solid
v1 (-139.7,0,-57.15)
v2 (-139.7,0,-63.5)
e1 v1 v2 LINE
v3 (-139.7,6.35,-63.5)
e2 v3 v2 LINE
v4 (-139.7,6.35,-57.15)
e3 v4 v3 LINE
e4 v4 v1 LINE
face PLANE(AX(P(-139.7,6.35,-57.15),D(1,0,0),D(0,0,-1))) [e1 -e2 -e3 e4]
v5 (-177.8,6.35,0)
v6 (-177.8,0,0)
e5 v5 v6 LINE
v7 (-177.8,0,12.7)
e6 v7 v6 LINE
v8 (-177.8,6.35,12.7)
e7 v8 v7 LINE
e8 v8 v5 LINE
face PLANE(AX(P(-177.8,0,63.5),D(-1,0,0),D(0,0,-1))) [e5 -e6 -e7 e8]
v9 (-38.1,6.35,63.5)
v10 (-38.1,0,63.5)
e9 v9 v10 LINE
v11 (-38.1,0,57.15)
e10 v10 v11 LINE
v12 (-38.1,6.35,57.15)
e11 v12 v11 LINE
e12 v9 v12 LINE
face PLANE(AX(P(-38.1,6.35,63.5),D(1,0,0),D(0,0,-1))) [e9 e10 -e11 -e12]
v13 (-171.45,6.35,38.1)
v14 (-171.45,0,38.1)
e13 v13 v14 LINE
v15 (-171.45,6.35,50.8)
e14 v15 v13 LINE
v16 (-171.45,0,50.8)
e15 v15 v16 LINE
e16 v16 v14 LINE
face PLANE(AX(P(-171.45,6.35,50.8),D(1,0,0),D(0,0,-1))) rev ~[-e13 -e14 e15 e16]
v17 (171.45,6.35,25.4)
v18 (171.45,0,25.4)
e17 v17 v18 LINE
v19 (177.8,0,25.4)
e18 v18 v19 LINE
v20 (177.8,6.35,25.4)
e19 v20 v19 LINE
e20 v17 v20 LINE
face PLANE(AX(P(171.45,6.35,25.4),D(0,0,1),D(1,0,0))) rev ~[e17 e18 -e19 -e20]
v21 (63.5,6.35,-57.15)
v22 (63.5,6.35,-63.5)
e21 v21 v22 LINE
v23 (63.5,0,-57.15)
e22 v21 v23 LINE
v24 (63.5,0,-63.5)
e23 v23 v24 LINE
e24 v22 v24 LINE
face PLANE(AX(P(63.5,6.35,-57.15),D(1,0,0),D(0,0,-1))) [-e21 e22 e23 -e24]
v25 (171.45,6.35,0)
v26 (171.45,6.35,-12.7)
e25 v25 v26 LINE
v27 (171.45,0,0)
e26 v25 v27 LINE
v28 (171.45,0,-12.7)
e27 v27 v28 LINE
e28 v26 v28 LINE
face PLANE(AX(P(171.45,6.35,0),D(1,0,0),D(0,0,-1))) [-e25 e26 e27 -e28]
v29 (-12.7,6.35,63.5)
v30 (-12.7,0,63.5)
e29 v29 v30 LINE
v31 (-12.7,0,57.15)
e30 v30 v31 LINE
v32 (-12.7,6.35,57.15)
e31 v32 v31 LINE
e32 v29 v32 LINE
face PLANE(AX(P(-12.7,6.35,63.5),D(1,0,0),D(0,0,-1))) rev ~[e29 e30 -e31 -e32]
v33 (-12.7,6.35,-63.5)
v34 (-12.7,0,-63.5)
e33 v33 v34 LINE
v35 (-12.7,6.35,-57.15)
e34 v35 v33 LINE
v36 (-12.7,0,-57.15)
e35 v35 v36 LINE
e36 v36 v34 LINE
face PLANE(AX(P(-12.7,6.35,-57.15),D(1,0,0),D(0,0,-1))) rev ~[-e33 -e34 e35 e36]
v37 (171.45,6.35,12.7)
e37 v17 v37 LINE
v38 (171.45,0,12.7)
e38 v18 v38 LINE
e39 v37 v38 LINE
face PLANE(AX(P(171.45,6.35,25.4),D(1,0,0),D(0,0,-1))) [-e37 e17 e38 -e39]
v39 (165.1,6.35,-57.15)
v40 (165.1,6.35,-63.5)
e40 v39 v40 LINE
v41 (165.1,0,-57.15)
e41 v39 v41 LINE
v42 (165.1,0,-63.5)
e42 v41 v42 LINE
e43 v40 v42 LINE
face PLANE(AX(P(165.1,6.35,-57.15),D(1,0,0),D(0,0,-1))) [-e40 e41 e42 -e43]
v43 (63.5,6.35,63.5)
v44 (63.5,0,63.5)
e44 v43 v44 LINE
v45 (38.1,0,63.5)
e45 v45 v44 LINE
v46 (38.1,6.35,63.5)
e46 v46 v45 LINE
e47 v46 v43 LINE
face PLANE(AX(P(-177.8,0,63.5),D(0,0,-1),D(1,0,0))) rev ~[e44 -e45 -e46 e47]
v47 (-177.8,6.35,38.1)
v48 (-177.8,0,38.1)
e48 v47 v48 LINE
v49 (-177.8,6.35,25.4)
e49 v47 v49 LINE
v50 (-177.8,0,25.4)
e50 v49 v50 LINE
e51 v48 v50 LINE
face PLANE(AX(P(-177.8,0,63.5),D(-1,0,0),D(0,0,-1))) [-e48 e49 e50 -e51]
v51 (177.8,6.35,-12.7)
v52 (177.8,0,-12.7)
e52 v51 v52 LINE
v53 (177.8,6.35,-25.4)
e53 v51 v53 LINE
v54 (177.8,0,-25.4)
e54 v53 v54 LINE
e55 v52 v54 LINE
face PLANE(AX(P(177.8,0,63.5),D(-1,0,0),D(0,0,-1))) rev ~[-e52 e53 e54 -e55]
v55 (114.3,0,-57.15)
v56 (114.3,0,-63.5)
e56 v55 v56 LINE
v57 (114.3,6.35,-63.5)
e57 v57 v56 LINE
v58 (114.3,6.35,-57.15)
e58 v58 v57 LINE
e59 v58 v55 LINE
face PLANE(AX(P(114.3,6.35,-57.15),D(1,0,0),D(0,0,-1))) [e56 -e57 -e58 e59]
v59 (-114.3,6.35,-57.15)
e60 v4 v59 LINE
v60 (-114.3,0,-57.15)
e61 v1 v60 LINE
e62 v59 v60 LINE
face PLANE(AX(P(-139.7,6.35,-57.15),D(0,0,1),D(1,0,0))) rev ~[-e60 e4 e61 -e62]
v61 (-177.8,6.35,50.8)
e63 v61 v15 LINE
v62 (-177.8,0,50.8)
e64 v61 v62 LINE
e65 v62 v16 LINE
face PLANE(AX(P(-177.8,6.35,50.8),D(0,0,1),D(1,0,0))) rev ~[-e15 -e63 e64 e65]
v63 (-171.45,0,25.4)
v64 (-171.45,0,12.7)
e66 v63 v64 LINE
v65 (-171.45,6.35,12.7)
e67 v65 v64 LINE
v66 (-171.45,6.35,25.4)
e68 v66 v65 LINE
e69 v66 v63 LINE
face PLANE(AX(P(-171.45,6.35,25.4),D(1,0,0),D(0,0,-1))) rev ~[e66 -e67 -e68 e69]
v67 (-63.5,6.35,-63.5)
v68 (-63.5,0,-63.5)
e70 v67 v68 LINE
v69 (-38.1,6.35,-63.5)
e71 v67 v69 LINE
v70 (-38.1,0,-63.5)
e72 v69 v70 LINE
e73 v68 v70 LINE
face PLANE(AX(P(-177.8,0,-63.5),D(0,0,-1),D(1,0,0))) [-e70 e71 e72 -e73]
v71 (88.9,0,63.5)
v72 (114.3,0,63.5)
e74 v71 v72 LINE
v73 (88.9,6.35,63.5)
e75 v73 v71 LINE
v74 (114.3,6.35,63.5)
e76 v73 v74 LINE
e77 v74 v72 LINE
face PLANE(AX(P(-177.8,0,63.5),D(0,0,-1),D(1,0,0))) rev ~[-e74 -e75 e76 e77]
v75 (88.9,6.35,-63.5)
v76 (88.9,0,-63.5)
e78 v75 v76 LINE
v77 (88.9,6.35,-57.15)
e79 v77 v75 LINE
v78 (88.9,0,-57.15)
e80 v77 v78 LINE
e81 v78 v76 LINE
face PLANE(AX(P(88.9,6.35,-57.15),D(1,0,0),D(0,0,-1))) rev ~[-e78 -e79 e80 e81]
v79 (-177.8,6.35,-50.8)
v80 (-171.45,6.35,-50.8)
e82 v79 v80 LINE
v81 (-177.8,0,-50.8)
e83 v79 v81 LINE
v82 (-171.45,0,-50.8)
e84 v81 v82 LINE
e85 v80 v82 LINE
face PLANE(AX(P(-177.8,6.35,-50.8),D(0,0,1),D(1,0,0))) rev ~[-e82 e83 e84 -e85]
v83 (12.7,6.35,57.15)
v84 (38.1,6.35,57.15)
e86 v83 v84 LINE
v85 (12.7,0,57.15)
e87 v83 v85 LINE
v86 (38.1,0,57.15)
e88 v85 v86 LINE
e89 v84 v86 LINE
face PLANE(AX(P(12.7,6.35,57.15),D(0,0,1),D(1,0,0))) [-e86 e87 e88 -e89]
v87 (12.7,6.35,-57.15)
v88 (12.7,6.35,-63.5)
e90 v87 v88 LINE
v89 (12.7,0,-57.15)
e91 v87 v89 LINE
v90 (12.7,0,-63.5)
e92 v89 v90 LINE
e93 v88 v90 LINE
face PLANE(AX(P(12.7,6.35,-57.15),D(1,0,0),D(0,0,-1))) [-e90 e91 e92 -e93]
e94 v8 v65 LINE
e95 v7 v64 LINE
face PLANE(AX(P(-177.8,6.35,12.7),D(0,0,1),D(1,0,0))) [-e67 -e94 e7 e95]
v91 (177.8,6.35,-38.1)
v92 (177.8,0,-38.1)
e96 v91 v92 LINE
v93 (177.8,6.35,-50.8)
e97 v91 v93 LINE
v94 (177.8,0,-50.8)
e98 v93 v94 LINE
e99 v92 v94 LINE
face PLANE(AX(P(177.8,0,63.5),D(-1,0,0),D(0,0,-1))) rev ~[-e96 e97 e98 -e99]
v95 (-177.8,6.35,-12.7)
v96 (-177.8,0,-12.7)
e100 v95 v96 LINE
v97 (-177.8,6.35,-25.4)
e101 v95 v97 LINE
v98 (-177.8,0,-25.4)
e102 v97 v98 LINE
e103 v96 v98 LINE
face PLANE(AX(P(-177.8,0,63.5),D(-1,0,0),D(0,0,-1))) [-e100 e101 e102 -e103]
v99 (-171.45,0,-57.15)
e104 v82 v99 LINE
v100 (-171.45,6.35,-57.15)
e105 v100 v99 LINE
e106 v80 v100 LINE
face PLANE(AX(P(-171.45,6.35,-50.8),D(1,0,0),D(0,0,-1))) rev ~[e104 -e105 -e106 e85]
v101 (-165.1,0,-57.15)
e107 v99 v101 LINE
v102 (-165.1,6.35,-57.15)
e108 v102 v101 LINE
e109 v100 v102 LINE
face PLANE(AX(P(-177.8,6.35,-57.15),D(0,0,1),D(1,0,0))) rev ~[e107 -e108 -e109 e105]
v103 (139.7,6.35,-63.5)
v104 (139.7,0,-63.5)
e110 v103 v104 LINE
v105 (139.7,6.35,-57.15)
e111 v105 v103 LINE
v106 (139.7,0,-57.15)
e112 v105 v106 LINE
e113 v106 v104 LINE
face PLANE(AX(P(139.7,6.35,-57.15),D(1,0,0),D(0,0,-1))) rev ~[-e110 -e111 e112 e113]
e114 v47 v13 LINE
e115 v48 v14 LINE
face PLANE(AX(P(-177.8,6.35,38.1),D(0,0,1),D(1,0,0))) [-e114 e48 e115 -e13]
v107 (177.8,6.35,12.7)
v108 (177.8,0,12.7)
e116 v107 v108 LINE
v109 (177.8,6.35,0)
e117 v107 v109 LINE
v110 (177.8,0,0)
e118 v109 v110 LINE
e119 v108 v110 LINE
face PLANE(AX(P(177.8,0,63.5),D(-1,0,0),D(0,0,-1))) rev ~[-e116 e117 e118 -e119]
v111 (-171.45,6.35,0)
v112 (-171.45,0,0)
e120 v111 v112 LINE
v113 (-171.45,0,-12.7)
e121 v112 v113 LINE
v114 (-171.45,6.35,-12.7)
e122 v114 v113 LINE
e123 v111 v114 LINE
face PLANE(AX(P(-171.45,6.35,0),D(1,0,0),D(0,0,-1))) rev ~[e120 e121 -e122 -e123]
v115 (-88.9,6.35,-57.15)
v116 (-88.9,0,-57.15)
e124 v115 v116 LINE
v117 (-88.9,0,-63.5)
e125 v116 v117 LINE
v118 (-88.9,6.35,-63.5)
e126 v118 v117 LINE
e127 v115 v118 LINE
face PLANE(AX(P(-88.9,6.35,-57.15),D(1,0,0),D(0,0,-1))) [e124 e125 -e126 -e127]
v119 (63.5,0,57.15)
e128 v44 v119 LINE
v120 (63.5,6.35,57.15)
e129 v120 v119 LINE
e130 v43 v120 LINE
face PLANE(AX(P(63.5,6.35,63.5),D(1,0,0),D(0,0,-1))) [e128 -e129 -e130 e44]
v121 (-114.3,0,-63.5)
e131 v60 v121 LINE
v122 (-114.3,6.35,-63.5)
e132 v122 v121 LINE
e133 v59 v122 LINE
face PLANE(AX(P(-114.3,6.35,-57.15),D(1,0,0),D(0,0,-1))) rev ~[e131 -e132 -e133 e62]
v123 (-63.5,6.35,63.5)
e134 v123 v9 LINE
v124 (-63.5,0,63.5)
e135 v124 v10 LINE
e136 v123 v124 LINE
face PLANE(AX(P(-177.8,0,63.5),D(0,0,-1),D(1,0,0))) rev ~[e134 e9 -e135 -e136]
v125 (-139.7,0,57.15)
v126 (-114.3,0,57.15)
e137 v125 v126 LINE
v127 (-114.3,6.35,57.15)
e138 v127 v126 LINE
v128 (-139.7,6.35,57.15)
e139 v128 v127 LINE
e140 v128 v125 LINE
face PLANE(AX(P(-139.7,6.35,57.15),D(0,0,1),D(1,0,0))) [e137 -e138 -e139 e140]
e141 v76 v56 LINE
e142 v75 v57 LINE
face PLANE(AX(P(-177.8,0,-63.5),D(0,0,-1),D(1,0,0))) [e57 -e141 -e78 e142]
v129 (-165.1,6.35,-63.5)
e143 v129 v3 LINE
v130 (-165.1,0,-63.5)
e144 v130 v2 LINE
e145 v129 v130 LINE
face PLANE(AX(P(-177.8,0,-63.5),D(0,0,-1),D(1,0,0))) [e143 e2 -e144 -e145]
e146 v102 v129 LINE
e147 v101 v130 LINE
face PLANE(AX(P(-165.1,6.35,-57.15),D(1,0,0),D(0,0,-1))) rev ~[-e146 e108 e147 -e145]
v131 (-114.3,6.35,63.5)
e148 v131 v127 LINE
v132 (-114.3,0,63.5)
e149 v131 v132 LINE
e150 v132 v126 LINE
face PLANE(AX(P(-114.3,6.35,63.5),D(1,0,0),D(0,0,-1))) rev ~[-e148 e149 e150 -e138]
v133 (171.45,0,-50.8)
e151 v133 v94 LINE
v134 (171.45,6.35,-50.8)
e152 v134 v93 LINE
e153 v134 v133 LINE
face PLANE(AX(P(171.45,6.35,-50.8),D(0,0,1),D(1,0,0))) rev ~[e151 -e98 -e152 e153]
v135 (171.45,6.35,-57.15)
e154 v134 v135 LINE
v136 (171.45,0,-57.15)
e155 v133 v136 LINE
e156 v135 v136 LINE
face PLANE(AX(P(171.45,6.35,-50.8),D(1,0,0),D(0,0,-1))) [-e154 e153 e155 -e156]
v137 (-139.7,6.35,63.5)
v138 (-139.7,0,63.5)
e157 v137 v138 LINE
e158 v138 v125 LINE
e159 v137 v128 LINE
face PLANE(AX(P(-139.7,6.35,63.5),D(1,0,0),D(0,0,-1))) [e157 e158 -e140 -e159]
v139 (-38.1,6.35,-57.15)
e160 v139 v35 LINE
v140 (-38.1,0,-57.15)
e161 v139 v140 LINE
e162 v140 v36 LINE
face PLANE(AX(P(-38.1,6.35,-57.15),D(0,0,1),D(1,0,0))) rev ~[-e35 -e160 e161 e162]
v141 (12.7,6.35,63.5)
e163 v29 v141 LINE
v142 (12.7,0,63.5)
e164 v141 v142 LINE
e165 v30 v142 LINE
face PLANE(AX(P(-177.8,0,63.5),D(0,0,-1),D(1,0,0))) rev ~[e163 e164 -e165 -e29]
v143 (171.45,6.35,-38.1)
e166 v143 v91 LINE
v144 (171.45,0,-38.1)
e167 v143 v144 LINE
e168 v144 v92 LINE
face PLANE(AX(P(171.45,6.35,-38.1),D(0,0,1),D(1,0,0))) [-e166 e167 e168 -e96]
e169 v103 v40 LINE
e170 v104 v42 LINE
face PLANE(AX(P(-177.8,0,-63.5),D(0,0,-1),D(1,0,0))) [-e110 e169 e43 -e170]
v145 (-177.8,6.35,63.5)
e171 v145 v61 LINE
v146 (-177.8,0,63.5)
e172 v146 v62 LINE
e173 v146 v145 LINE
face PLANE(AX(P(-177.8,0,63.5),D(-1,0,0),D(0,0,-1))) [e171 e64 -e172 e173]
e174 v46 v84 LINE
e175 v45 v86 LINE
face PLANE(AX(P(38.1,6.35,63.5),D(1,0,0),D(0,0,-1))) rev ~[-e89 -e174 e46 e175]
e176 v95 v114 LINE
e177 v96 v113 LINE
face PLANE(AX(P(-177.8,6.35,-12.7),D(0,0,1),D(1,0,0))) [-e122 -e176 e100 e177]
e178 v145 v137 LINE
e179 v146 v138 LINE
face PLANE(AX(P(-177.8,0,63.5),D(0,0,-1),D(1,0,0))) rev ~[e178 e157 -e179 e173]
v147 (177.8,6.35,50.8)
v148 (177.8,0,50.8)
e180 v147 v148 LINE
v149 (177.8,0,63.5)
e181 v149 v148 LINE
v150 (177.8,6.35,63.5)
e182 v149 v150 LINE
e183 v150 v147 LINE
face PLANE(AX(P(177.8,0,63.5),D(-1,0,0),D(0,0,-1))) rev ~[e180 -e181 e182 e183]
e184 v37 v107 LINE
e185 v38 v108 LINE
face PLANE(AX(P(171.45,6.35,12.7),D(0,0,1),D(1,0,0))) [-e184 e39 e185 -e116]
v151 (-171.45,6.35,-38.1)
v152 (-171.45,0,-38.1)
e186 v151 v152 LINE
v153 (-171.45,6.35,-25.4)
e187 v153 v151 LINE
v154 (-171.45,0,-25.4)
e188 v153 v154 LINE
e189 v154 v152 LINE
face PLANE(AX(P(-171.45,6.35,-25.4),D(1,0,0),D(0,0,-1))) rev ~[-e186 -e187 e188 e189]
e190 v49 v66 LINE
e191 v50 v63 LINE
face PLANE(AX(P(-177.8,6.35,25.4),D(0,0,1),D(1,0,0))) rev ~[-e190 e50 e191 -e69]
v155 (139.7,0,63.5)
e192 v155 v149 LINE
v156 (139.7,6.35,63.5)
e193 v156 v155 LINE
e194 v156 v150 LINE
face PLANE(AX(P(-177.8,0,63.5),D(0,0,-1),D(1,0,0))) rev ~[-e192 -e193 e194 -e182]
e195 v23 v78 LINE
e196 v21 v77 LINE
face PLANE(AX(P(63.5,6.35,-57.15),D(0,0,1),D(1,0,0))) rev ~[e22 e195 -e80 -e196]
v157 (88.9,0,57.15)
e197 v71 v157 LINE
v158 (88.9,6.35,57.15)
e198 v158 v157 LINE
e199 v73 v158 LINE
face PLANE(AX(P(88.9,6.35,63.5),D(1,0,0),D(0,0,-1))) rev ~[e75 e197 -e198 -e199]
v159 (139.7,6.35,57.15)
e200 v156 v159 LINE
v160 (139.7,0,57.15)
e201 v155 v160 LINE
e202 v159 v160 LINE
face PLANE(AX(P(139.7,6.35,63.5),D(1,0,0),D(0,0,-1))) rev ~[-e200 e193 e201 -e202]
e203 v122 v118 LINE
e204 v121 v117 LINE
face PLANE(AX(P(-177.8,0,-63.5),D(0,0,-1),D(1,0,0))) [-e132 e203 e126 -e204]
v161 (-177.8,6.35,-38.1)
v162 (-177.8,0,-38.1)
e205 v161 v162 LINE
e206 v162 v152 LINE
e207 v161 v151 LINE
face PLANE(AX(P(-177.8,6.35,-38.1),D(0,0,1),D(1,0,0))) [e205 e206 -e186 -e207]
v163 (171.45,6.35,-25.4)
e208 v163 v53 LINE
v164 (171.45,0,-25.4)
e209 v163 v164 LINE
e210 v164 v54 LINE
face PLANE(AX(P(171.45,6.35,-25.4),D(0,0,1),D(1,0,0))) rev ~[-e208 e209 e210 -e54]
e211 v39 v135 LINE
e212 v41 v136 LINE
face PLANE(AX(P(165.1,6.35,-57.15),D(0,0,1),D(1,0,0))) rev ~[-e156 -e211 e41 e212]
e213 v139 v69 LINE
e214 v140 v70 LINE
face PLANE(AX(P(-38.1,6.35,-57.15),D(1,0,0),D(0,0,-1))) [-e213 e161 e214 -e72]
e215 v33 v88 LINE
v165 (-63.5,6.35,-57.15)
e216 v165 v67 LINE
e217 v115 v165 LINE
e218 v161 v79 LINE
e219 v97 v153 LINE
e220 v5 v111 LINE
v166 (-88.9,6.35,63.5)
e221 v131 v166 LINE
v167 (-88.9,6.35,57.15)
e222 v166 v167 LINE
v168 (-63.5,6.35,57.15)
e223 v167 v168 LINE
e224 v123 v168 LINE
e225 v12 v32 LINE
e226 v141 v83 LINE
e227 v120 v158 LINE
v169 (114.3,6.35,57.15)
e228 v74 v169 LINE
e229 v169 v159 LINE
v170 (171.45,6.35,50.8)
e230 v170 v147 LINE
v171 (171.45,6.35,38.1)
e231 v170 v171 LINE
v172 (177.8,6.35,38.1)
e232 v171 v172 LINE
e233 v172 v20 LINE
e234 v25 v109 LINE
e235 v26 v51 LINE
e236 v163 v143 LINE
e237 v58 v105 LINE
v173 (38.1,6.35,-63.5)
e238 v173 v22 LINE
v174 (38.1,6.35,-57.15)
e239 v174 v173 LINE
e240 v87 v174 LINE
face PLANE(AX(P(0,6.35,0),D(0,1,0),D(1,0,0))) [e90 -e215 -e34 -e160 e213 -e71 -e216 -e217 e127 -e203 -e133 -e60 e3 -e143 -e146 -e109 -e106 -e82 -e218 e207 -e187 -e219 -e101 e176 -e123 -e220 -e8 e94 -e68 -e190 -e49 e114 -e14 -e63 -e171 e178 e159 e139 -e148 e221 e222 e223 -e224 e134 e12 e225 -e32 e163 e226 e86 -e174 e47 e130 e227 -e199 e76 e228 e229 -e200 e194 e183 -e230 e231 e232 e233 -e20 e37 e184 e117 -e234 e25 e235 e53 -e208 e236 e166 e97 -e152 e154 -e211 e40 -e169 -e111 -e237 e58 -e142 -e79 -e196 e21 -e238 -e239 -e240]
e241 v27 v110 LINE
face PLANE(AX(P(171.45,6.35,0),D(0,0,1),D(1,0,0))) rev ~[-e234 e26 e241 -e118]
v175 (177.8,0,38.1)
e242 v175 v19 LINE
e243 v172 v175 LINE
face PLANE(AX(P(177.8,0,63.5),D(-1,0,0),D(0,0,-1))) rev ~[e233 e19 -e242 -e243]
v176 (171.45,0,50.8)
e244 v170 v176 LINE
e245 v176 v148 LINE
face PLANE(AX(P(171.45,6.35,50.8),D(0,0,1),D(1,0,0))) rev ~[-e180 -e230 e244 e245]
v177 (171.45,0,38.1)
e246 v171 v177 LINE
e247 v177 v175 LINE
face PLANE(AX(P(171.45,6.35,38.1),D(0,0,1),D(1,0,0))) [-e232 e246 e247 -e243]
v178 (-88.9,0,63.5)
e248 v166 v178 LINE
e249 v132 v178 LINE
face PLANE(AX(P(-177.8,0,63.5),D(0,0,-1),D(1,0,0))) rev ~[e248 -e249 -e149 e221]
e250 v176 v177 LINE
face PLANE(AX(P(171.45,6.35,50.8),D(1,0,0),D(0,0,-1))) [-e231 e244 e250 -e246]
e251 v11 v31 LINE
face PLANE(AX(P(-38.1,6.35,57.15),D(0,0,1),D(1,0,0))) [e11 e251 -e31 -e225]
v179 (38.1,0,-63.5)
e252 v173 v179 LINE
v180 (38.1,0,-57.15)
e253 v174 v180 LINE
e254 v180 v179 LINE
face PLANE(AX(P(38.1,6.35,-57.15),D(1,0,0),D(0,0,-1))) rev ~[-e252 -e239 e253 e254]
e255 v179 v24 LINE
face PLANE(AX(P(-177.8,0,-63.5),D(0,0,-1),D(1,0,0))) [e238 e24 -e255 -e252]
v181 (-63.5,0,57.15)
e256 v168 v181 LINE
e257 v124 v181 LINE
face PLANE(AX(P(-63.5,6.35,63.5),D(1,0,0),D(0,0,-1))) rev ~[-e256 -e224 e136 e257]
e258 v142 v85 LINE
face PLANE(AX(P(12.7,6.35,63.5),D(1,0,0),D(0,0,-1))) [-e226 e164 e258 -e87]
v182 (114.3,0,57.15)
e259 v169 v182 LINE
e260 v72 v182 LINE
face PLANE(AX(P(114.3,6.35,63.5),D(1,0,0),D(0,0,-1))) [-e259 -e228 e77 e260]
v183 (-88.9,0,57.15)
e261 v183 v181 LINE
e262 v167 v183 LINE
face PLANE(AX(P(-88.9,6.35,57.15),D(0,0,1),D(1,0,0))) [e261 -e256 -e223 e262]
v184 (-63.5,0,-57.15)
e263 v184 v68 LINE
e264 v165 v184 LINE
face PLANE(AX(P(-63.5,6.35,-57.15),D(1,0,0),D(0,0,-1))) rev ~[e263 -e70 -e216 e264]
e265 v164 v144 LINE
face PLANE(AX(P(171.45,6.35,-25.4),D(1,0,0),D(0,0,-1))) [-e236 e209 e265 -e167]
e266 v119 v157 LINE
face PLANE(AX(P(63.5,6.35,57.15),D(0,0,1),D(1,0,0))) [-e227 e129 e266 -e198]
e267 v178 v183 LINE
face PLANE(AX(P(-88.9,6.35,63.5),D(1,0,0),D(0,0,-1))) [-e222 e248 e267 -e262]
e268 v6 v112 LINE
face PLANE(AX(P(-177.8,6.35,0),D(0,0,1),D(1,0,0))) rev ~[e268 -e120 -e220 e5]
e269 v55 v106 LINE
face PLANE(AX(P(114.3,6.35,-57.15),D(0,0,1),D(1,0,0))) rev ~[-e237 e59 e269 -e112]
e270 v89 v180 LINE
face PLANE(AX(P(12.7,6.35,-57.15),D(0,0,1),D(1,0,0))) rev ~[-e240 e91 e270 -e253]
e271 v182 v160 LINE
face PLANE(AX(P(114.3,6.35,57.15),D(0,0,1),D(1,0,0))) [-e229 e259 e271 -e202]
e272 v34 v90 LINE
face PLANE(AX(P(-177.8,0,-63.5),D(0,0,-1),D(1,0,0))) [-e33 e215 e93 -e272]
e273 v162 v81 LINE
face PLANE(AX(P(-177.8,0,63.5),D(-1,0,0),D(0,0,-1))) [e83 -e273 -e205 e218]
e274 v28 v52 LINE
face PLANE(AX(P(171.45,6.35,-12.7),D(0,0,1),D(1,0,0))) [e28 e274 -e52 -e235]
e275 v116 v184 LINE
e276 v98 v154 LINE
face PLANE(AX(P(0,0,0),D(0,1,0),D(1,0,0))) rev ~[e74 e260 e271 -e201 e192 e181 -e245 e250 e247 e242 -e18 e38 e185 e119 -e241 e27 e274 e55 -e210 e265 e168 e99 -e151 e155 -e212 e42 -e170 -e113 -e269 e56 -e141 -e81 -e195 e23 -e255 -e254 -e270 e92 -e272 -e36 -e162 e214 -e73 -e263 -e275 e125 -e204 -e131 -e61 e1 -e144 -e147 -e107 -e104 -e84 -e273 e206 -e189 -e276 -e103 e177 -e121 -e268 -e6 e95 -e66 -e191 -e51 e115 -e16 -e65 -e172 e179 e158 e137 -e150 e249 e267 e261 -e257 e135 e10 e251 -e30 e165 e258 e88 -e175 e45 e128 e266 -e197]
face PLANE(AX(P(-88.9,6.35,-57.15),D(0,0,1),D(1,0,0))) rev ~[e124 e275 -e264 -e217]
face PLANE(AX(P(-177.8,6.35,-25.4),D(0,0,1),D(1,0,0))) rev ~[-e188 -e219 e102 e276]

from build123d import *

# Parameters (mm, degrees)
ESQUISSE1_W                     = 355.6
ESQUISSE1_H                     = 127
BOSS_EXTRU_1_DEPTH              = 6.35
ESQUISSE3_W                     = 25.4
ESQUISSE3_H                     = 6.35
ENL_V_MAT_EXTRU_2_DEPTH         = 6.35
ESQUISSE4_W                     = 6.35
ESQUISSE4_H                     = 12.7
ENL_V_MAT_EXTRU_3_DEPTH         = 25.4
R_P_TITION_LIN_AIRE1_COUNT      = 6
R_P_TITION_LIN_AIRE1_PITCH      = 50.8
R_P_TITION_LIN_AIRE1_COUNT_DIR2 = 2
R_P_TITION_LIN_AIRE1_PITCH_DIR2 = 120.65
R_P_TITION_LIN_AIRE3_COUNT      = 5
R_P_TITION_LIN_AIRE3_PITCH      = 25.4
R_P_TITION_LIN_AIRE3_COUNT_DIR2 = 2
R_P_TITION_LIN_AIRE3_PITCH_DIR2 = 349.25
ESQUISSE5_W                     = 12.7
ESQUISSE5_H                     = 6.35
ENL_V_MAT_EXTRU_4_DEPTH         = 6.35


with BuildPart() as part:
    # Esquisse1 → Boss.-Extru.1 (new body)
    with BuildSketch(Plane(origin=(0, 0, 0), x_dir=(1, 0, 0), z_dir=(0, 1, 0))):
        Rectangle(ESQUISSE1_W, ESQUISSE1_H)
    extrude(amount=BOSS_EXTRU_1_DEPTH)

    # Esquisse3 → Enlèv. mat.-Extru.2 (cut)
    with BuildSketch(Plane(origin=(0, 6.35, 0), x_dir=(1, 0, 0), z_dir=(0, 1, 0))):
        with Locations((-127, 60.325)):
            Rectangle(ESQUISSE3_W, ESQUISSE3_H)
    enl_v_mat_extru_2 = extrude(amount=-ENL_V_MAT_EXTRU_2_DEPTH, mode=Mode.SUBTRACT)

    # Esquisse4 → Enlèv. mat.-Extru.3 (cut)
    with BuildSketch(Plane(origin=(0, 6.35, 0), x_dir=(1, 0, 0), z_dir=(0, 1, 0))):
        with Locations((-174.625, 57.15)):
            Rectangle(ESQUISSE4_W, ESQUISSE4_H)
    enl_v_mat_extru_3 = extrude(amount=-ENL_V_MAT_EXTRU_3_DEPTH, mode=Mode.SUBTRACT)

    # Répétition linéaire1: Enl_v. mat.-Extru.2 6 × 2
    with Locations(*[(i * R_P_TITION_LIN_AIRE1_PITCH, 0, j * R_P_TITION_LIN_AIRE1_PITCH_DIR2) for i in range(R_P_TITION_LIN_AIRE1_COUNT) for j in range(R_P_TITION_LIN_AIRE1_COUNT_DIR2) if (i, j) != (0, 0)]):
        add(enl_v_mat_extru_2, mode=Mode.SUBTRACT)

    # Répétition linéaire3: Enl_v. mat.-Extru.3 5 × 2
    with Locations(*[(j * R_P_TITION_LIN_AIRE3_PITCH_DIR2, 0, i * R_P_TITION_LIN_AIRE3_PITCH) for i in range(R_P_TITION_LIN_AIRE3_COUNT) for j in range(R_P_TITION_LIN_AIRE3_COUNT_DIR2) if (i, j) != (0, 0)]):
        add(enl_v_mat_extru_3, mode=Mode.SUBTRACT)

    # Esquisse5 → Enlèv. mat.-Extru.4 (cut)
    with BuildSketch(Plane(origin=(0, 6.35, 0), x_dir=(1, 0, 0), z_dir=(0, 1, 0))):
        with Locations((-171.45, 60.325)):
            Rectangle(ESQUISSE5_W, ESQUISSE5_H)
        with Locations((171.45, 60.325)):
            Rectangle(ESQUISSE5_W, ESQUISSE5_H)
    extrude(amount=-ENL_V_MAT_EXTRU_4_DEPTH, mode=Mode.SUBTRACT)


solid = part.part
